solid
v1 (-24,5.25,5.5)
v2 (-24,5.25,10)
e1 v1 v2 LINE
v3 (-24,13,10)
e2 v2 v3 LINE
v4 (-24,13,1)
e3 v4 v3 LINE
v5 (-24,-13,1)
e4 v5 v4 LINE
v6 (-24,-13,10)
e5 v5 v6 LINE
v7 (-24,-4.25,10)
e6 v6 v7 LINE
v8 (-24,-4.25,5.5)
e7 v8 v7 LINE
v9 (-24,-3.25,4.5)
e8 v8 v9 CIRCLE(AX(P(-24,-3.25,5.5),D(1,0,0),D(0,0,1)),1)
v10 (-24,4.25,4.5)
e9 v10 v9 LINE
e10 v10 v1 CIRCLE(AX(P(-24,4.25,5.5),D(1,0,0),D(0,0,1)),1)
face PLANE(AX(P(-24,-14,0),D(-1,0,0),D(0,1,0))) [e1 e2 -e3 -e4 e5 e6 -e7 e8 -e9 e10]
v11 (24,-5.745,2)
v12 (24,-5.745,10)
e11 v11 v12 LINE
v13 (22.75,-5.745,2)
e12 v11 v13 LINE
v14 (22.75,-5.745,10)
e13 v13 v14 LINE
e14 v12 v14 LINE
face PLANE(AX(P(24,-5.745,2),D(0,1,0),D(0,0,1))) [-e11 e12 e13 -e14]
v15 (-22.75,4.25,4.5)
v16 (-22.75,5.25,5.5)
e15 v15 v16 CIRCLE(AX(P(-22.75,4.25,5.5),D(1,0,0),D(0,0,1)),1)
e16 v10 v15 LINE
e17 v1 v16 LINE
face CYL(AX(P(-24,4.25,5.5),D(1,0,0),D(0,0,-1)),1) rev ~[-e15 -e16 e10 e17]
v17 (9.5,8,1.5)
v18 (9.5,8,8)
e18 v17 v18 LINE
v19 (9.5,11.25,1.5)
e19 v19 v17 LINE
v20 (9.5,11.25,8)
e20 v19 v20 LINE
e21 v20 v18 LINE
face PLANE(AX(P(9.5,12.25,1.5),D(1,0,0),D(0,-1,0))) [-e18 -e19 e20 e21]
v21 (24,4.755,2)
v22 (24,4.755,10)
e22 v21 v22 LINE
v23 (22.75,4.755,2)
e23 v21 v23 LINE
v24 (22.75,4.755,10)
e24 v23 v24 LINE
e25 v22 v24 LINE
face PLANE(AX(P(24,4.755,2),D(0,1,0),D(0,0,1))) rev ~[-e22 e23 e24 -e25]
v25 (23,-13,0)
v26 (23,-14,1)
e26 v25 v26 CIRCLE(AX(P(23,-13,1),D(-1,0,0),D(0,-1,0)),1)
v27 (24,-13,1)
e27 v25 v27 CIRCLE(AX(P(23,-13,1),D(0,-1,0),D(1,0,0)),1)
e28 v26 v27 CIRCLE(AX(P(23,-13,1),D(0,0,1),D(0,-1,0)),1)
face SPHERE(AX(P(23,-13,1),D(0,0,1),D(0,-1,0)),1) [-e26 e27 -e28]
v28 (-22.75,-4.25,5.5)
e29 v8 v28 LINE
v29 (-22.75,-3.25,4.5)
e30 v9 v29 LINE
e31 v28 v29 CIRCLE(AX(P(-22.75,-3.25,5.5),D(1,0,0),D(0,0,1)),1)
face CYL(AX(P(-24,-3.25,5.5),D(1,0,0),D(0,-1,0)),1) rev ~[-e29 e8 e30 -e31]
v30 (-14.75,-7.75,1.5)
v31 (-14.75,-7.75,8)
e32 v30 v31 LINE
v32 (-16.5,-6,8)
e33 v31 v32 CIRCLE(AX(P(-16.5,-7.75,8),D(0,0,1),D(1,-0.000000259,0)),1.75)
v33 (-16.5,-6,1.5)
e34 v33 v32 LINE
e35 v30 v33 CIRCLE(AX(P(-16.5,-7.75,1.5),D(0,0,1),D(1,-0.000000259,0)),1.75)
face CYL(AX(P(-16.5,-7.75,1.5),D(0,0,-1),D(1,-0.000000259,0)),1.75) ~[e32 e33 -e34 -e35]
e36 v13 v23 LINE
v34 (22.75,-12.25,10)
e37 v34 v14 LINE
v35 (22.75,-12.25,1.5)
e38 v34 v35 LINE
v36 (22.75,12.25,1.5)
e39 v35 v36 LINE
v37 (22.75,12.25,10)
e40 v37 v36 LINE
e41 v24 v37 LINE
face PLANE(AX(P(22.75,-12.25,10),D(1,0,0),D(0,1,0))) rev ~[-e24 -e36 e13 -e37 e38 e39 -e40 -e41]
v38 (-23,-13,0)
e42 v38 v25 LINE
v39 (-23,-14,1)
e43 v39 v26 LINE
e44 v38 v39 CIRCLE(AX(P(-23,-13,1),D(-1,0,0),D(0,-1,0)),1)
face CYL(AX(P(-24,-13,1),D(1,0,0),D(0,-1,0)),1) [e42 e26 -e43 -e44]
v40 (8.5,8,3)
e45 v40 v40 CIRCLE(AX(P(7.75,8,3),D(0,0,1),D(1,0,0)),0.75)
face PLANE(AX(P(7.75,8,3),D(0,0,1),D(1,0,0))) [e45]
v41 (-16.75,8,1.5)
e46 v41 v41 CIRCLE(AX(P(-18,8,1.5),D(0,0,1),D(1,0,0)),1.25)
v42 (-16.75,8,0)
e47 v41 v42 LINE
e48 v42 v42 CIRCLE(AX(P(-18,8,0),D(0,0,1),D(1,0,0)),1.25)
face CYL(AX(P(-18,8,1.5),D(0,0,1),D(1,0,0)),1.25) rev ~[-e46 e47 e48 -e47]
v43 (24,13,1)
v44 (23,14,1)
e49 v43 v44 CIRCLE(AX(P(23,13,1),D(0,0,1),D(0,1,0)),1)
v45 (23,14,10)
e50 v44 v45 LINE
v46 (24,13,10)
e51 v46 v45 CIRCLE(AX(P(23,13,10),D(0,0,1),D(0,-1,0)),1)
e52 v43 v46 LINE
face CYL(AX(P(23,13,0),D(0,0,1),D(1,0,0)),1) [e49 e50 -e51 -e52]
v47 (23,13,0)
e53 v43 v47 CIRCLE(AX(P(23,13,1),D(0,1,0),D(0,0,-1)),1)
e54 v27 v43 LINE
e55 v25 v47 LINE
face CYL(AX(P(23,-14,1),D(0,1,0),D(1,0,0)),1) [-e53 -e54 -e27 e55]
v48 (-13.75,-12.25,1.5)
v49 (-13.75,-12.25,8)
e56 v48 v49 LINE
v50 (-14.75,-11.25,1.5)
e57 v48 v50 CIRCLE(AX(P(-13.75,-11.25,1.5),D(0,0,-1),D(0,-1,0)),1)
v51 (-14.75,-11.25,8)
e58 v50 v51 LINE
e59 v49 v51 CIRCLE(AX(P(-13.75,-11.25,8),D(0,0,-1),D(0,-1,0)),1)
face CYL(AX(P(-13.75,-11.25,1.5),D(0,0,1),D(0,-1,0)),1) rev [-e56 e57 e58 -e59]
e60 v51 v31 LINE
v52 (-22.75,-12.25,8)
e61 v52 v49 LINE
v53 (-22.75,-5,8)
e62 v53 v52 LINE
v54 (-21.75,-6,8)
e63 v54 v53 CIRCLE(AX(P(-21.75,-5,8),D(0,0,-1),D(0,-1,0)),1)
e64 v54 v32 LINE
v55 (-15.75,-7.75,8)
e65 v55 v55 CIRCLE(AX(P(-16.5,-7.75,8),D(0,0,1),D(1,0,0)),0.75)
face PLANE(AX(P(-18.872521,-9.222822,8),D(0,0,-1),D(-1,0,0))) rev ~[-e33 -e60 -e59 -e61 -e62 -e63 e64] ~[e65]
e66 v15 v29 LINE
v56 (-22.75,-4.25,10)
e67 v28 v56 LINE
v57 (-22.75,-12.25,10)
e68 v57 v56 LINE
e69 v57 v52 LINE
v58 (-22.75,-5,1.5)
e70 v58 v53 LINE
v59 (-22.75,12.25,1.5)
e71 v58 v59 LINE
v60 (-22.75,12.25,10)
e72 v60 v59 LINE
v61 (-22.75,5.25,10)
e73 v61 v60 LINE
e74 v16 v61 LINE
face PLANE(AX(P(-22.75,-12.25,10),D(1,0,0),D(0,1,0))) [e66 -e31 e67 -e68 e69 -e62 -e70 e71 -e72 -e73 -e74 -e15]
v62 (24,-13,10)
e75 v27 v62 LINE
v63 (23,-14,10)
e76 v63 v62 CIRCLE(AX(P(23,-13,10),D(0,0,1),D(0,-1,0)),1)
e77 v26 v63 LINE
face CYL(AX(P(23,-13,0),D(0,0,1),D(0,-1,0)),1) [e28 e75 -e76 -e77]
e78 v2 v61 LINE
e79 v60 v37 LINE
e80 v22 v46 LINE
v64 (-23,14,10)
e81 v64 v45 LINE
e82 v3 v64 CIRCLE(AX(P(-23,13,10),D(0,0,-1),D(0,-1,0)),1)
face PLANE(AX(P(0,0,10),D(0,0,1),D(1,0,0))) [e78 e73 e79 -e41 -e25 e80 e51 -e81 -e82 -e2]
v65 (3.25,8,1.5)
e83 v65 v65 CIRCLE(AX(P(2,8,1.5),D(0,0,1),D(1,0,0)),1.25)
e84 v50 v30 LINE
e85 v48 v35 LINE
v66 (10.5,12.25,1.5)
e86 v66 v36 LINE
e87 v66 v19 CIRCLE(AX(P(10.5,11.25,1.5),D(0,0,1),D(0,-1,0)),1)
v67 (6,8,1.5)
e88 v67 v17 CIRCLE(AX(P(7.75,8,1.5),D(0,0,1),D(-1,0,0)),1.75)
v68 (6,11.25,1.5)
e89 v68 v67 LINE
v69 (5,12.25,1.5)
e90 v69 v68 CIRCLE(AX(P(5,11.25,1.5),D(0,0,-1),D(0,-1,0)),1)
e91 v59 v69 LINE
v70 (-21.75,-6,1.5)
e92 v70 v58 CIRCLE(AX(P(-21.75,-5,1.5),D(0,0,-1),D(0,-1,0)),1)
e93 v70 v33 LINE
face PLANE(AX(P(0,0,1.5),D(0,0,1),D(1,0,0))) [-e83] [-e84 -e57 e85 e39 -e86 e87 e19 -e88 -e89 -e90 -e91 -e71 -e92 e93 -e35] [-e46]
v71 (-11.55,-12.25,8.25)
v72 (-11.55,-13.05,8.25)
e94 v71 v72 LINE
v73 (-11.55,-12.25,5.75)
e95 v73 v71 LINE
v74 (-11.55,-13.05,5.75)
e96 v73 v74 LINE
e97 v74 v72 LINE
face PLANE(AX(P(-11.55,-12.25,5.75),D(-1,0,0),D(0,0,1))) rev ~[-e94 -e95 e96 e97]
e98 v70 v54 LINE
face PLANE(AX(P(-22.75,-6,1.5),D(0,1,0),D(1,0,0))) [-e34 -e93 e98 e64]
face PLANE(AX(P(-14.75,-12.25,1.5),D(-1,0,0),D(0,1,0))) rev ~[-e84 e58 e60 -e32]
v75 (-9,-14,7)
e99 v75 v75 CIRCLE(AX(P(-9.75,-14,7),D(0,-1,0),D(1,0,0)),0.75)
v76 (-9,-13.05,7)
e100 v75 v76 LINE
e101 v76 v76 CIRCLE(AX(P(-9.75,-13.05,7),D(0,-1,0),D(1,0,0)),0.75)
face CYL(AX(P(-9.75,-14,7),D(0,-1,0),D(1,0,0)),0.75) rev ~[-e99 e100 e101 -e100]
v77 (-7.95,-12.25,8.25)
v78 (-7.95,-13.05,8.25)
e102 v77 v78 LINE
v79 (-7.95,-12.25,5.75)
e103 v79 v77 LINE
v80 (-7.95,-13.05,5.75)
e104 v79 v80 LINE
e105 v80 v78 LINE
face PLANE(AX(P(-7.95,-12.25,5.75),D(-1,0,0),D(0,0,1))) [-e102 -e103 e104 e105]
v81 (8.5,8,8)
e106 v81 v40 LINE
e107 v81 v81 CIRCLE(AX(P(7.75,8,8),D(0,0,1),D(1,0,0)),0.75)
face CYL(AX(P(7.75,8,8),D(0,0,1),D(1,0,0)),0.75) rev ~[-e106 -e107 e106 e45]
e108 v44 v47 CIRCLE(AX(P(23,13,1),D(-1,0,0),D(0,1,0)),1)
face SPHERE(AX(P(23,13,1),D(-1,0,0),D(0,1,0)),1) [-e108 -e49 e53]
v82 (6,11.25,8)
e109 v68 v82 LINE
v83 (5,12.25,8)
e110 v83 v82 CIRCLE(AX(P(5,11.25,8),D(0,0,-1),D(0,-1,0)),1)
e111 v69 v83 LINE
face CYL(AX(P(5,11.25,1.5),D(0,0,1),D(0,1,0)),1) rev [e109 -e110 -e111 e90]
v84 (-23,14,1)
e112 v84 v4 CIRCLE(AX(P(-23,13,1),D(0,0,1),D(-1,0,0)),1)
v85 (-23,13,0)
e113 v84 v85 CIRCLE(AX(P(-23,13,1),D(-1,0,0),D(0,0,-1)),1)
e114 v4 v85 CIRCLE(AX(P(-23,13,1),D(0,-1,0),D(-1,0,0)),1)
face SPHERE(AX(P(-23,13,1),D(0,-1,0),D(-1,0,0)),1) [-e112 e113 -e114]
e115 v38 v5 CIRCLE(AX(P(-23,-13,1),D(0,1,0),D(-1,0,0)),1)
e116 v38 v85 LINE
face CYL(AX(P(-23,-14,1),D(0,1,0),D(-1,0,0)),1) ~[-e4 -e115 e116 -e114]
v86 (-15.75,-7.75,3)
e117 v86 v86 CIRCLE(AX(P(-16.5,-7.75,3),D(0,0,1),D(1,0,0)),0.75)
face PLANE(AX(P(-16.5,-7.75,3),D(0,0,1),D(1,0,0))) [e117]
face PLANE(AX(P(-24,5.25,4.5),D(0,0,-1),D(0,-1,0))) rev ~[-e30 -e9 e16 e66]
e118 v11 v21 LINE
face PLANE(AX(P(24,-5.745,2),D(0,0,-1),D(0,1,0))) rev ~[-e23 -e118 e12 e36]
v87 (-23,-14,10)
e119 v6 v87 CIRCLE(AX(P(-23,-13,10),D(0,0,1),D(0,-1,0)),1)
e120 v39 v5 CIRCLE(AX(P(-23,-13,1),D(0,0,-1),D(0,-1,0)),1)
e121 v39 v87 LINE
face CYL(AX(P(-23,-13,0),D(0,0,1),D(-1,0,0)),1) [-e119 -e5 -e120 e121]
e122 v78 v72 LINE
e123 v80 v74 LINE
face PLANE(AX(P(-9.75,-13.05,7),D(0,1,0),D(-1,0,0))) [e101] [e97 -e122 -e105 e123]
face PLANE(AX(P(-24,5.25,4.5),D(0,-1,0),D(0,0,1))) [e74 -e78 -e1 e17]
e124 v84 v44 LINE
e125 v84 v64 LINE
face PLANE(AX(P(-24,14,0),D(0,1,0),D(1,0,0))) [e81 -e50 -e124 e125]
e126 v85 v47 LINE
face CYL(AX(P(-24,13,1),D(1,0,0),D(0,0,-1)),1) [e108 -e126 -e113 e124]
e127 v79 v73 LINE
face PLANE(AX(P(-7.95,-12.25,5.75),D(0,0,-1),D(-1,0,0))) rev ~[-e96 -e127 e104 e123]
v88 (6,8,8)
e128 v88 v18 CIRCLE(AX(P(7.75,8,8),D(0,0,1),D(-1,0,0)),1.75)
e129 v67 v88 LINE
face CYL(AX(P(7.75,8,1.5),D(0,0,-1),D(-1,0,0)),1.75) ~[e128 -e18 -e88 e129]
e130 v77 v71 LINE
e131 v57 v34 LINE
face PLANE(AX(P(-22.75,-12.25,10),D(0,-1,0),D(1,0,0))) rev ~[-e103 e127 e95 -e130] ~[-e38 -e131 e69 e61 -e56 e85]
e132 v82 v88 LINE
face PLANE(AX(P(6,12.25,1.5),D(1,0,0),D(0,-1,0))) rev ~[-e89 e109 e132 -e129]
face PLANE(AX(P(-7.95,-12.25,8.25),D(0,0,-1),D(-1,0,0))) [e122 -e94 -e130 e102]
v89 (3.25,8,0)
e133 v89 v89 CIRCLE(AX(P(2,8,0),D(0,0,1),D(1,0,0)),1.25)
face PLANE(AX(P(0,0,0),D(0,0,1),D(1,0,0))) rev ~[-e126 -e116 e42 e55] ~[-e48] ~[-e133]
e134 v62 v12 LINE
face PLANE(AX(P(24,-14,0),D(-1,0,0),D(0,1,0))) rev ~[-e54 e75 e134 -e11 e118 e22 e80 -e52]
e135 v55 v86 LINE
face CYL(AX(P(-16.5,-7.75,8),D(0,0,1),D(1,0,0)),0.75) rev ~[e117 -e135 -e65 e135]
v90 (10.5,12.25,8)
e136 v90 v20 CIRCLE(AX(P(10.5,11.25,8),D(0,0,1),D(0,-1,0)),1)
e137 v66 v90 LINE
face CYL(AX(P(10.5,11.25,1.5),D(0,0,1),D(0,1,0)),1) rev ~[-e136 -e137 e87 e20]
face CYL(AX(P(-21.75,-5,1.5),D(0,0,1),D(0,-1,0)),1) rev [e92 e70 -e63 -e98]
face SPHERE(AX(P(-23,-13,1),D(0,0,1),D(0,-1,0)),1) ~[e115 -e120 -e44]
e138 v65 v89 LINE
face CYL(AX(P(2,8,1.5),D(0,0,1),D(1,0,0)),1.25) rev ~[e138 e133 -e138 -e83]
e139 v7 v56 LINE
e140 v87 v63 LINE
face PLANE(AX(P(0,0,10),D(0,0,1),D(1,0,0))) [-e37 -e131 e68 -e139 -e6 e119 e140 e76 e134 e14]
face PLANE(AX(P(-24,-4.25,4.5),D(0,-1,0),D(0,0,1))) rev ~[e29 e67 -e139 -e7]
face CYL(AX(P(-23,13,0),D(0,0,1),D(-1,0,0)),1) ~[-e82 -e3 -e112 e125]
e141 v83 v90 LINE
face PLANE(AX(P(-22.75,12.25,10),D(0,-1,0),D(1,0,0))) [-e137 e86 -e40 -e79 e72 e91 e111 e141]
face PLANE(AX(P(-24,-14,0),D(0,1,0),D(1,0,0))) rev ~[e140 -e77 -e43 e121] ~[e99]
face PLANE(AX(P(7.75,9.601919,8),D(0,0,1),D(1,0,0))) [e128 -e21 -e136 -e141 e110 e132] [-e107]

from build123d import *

# Parameters (mm, degrees)
SKETCH_W        = 48
SKETCH_H        = 28
PAD_DEPTH       = 10
SKETCH001_W     = 45.5
SKETCH001_H     = 24.5
POCKET_DEPTH    = 8.5
PAD001_DEPTH    = 6.5
SKETCH003_R     = 0.75
POCKET001_DEPTH = 5
SKETCH004_W     = 9.5
SKETCH004_H     = 5.5
POCKET002_DEPTH = 1.25
SKETCH005_W     = 10.5
SKETCH005_H     = 8
POCKET003_DEPTH = 1.25
FILLET_R        = 1
FILLET001_R     = 1
SKETCH012_R     = 0.75
POCKET007_DEPTH = 1.75
SKETCH013_W     = 3.6
SKETCH013_H     = 2.5
POCKET008_DEPTH = 0.8
SKETCH015_R     = 1.25
POCKET009_DEPTH = 1.501


with BuildPart() as part:
    # Sketch → Pad (new body)
    with BuildSketch(Plane.XY):
        Rectangle(SKETCH_W, SKETCH_H)
    extrude(amount=PAD_DEPTH)

    # Sketch001 (on Face6 of Pad) → Pocket (cut)
    with BuildSketch(Plane.XY.offset(10)):
        Rectangle(SKETCH001_W, SKETCH001_H)
    extrude(amount=-POCKET_DEPTH, mode=Mode.SUBTRACT)

    # Sketch002 (on Face11 of Pocket) → Pad001 (join)
    with BuildSketch(Plane.XY.offset(1.5)):
        with BuildLine():
            Line((-22.75, -6), (-16.5, -6))
            ThreePointArc((-14.75, -7.75), (-15.262563, -6.512563), (-16.5, -6))
            Line((-14.75, -12.25), (-14.75, -7.75))
            Line((-22.75, -12.25), (-14.75, -12.25))
            Line((-22.75, -6), (-22.75, -12.25))
        make_face()
        with BuildLine():
            Line((6, 12.25), (6, 8))
            ThreePointArc((6, 8), (7.75, 6.25), (9.5, 8))
            Line((9.5, 12.25), (9.5, 8))
            Line((6, 12.25), (9.5, 12.25))
        make_face()
    extrude(amount=PAD001_DEPTH)

    # Sketch003 (on Face13 of Pad001) → Pocket001 (cut)
    with BuildSketch(Plane.XY.offset(8)):
        with Locations((-16.5, -7.75)):
            Circle(SKETCH003_R)
        with Locations((7.75, 8)):
            Circle(SKETCH003_R)
    extrude(amount=-POCKET001_DEPTH, mode=Mode.SUBTRACT)

    # Sketch004 (on Face2 of Pocket001) → Pocket002 (cut)
    with BuildSketch(Plane(origin=(-24, 0, 0), x_dir=(0, -1, 0), z_dir=(-1, 0, 0))):
        with Locations((-0.5, 7.25)):
            Rectangle(SKETCH004_W, SKETCH004_H)
    extrude(amount=-POCKET002_DEPTH, mode=Mode.SUBTRACT)

    # Sketch005 (on Face3 of Pocket002) → Pocket003 (cut)
    with BuildSketch(Plane.YZ.offset(24)):
        with Locations((-0.495, 6)):
            Rectangle(SKETCH005_W, SKETCH005_H)
    extrude(amount=-POCKET003_DEPTH, mode=Mode.SUBTRACT)

    # Fillet
    fillet_edges = [part.edges().sort_by_distance(p)[0] for p in [
        (-23.375, 5.25, 4.5),
        (-23.375, -4.25, 4.5),
        (-22.75, -6, 4.75),
        (-14.75, -12.25, 4.75),
        (6, 12.25, 4.75),
        (9.5, 12.25, 4.75),
    ]]
    fillet(fillet_edges, radius=FILLET_R)

    # Fillet001
    fillet001_edges = [part.edges().sort_by_distance(p)[0] for p in [
        (-24, -14, 5),
        (24, -14, 5),
        (0, -14, 0),
        (-24, 0, 0),
        (-24, 14, 5),
        (0, 14, 0),
        (24, 14, 5),
        (24, 0, 0),
    ]]
    fillet(fillet001_edges, radius=FILLET001_R)

    # Sketch012 (on Face15 of Fillet001) → Pocket007 (cut)
    with BuildSketch(Plane.XZ.offset(14)):
        with Locations((-9.75, 7)):
            Circle(SKETCH012_R)
    extrude(amount=-POCKET007_DEPTH, mode=Mode.SUBTRACT)

    # Sketch013 (on Face17 of Pocket007) → Pocket008 (cut)
    with BuildSketch(Plane(origin=(0, -12.25, 0), x_dir=(-1, 0, 0), z_dir=(0, 1, 0))):
        with Locations((9.75, 7)):
            Rectangle(SKETCH013_W, SKETCH013_H)
    extrude(amount=-POCKET008_DEPTH, mode=Mode.SUBTRACT)

    # Sketch015 (on Face31 of Pocket008) → Pocket009 (cut, through all)
    with BuildSketch(Plane.XY.offset(1.5)):
        with Locations((-18, 8)):
            Circle(SKETCH015_R)
        with Locations((2, 8)):
            Circle(SKETCH015_R)
    extrude(amount=-POCKET009_DEPTH, mode=Mode.SUBTRACT)


solid = part.part
